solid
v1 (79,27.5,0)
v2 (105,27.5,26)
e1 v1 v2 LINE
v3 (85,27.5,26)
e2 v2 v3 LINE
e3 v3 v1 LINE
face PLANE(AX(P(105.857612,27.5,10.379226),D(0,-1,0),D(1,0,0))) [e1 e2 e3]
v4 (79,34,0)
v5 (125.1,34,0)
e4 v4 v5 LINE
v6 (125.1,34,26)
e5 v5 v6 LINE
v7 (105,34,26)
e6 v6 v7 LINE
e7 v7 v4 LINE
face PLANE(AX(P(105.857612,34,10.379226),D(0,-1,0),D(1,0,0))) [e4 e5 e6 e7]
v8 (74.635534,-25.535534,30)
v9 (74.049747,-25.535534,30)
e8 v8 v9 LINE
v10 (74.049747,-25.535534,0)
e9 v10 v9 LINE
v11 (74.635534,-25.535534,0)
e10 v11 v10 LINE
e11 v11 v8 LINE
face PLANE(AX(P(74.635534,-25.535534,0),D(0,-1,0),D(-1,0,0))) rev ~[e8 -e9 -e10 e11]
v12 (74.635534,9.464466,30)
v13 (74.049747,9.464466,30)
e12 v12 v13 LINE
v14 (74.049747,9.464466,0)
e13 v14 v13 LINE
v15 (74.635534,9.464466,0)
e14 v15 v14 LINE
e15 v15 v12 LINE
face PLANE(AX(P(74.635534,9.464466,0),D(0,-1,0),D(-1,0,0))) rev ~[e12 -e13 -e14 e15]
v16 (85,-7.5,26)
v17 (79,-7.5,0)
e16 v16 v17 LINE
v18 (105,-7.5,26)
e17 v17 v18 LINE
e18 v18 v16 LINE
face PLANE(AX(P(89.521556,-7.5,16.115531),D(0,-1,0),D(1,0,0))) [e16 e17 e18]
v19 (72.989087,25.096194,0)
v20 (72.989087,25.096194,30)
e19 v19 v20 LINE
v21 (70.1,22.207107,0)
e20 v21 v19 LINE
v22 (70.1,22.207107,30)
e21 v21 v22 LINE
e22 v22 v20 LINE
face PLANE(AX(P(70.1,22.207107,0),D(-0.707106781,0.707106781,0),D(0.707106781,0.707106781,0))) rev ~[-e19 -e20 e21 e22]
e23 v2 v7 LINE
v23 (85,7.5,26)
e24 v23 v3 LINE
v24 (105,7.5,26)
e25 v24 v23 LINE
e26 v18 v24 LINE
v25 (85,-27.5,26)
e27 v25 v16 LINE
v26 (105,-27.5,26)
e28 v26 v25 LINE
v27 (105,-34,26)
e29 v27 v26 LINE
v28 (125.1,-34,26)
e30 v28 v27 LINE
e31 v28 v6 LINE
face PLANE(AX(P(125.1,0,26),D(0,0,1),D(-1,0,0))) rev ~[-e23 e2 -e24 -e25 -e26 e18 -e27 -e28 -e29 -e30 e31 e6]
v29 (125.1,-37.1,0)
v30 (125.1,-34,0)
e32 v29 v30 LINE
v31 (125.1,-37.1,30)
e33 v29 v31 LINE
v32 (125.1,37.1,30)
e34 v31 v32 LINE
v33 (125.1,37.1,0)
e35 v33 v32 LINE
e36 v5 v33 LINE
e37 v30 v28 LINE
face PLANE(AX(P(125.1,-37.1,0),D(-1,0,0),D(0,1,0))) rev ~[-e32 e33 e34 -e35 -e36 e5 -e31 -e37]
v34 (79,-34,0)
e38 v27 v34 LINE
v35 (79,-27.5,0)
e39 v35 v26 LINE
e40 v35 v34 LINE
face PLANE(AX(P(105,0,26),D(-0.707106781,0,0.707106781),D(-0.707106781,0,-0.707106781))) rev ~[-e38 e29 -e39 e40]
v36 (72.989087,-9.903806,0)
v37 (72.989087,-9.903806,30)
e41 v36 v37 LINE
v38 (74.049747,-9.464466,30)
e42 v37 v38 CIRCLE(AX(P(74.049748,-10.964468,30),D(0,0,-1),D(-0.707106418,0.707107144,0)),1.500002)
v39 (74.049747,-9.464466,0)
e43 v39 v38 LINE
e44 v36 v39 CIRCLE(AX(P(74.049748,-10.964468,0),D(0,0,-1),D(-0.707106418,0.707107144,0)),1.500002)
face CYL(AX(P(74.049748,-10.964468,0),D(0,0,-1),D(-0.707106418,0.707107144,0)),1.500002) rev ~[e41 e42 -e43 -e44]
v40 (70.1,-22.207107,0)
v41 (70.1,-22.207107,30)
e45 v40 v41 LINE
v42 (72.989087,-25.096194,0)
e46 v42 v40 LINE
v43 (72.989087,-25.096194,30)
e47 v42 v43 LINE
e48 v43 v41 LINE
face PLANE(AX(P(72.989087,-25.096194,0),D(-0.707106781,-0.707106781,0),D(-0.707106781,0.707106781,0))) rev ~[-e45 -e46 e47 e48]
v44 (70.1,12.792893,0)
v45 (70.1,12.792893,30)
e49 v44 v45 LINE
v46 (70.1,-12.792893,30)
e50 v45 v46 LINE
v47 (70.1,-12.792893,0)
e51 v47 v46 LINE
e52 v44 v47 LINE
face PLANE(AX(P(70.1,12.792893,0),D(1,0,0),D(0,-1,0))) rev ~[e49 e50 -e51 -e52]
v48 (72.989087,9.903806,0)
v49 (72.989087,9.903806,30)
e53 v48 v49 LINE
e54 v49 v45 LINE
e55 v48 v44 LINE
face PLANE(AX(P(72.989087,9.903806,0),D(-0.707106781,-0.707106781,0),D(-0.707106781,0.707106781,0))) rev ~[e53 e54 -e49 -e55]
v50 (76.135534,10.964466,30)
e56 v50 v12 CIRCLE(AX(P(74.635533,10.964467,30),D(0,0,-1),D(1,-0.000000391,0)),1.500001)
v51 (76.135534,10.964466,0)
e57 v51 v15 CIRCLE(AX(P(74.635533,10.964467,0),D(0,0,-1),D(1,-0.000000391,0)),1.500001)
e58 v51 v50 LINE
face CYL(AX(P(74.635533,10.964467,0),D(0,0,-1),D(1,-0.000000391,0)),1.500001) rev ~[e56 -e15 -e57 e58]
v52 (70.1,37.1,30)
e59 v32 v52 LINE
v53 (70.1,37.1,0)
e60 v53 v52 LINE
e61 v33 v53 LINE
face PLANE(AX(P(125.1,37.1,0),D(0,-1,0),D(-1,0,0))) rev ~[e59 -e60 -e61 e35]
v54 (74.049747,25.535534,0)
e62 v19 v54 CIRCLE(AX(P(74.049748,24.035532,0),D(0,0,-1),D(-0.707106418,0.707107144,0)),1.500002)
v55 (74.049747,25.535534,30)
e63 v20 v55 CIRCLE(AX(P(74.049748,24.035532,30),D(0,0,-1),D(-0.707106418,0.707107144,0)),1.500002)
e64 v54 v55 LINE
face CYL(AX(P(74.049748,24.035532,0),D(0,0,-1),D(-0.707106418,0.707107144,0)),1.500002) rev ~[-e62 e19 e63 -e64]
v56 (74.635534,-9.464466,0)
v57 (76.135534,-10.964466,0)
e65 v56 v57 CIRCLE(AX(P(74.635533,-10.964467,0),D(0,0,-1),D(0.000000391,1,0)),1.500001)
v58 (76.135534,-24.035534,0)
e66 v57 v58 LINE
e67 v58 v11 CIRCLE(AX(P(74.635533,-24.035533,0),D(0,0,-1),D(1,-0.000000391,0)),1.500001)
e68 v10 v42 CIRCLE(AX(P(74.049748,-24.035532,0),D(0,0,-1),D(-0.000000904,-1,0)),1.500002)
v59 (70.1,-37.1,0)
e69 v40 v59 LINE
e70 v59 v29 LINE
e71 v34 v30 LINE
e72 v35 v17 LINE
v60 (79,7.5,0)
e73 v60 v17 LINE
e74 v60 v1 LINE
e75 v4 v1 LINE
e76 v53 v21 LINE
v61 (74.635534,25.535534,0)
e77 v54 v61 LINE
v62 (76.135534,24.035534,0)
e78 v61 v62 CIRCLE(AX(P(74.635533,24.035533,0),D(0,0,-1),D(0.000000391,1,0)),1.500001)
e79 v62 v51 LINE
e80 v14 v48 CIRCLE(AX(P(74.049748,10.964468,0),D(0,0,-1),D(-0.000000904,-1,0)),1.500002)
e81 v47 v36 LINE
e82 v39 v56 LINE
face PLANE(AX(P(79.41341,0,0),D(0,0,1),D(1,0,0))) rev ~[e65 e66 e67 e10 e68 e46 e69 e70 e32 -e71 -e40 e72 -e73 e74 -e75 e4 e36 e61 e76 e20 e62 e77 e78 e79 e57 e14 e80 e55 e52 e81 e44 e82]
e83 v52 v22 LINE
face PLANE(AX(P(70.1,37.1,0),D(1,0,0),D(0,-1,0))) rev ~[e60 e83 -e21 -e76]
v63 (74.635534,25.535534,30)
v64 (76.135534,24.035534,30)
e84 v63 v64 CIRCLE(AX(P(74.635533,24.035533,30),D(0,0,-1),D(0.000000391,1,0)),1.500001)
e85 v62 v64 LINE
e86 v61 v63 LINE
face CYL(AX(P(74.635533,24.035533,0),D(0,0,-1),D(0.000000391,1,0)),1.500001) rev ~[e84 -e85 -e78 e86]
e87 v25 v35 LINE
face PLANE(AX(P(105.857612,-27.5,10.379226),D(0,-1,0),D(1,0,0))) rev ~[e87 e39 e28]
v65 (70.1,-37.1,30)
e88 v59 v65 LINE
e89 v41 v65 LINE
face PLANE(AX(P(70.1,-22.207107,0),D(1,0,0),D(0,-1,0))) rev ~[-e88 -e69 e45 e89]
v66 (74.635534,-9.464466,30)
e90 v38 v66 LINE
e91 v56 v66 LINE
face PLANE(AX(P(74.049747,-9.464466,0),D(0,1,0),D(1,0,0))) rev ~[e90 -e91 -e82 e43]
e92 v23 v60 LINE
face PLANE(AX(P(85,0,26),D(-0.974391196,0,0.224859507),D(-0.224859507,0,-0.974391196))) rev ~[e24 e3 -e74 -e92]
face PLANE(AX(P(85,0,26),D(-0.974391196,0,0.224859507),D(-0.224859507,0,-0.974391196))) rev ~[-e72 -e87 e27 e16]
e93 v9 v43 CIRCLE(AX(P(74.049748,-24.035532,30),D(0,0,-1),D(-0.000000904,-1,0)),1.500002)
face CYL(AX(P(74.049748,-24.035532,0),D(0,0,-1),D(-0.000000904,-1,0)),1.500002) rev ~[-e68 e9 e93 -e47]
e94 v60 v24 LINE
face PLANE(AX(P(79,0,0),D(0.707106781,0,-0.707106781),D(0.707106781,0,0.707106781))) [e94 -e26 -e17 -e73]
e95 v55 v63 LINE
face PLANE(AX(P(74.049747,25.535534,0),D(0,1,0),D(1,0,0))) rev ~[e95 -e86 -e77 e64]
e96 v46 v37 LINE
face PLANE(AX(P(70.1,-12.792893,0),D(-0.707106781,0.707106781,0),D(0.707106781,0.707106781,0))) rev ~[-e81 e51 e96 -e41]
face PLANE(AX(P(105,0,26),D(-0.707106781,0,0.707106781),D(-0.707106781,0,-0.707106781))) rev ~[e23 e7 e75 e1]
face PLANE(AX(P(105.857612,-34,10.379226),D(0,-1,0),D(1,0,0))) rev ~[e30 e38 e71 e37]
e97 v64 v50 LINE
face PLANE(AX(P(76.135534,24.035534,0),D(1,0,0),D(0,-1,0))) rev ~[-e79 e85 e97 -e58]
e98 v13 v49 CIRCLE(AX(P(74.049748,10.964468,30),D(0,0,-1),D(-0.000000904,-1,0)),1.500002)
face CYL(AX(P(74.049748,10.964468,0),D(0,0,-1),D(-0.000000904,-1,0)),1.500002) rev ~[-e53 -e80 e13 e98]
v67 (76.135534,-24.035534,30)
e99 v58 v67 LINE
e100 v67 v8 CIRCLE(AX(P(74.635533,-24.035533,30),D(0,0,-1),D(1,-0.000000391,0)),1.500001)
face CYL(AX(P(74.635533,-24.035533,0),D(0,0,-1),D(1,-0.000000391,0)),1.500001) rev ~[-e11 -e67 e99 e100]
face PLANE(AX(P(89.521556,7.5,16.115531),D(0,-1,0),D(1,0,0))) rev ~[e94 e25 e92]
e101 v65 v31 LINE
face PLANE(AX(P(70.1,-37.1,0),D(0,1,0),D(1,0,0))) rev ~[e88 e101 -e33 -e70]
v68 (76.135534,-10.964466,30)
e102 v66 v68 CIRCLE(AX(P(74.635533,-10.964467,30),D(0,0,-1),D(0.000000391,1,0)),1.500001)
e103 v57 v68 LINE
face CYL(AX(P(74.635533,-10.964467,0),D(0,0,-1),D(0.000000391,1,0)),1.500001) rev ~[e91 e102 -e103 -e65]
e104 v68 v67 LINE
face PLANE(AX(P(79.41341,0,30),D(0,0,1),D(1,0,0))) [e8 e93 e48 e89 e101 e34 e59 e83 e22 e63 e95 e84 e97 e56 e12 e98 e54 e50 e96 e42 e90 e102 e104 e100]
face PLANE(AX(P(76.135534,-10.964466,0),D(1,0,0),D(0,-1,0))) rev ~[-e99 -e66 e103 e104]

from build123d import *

# Parameters (mm, degrees)
F0_W     = 2.1
F0_H     = 2.1
F1_DEPTH = 30
F4_DEPTH = 34
F5_DEPTH = 27.5
F6_DEPTH = 7.5


with BuildPart() as f1:
    # F0 (on Top) → F1 (new body)
    with BuildSketch(Plane.XY):
        with BuildLine():
            Line((86, -35), (90, -35))
            Line((90, -35), (90, -23))
            Line((90, -23), (90, 23))
            Line((90, 23), (90, 35))
            Line((90, 35), (86, 35))
            Line((86, 35), (80, 35))
            Line((80, 35), (70.1, 35))
            Line((70.1, 35), (70.1, 22.207107))
            Line((70.1, 22.207107), (72.989087, 25.096194))
            ThreePointArc((72.989087, 25.096194), (73.475722, 25.421353), (74.049747, 25.535534))
            Line((74.049747, 25.535534), (74.635534, 25.535534))
            ThreePointArc((74.635534, 25.535534), (75.696194, 25.096194), (76.135534, 24.035534))
            Line((76.135534, 24.035534), (76.135534, 10.964466))
            ThreePointArc((76.135534, 10.964466), (75.696194, 9.903806), (74.635534, 9.464466))
            Line((74.635534, 9.464466), (74.049747, 9.464466))
            ThreePointArc((74.049747, 9.464466), (73.475722, 9.578647), (72.989087, 9.903806))
            Line((72.989087, 9.903806), (70.1, 12.792893))
            Line((70.1, 12.792893), (70.1, -12.792893))
            Line((70.1, -12.792893), (72.989087, -9.903806))
            ThreePointArc((72.989087, -9.903806), (73.475722, -9.578647), (74.049747, -9.464466))
            Line((74.049747, -9.464466), (74.635534, -9.464466))
            ThreePointArc((74.635534, -9.464466), (75.696194, -9.903806), (76.135534, -10.964466))
            Line((76.135534, -10.964466), (76.135534, -24.035534))
            ThreePointArc((76.135534, -24.035534), (75.696194, -25.096194), (74.635534, -25.535534))
            Line((74.635534, -25.535534), (74.049747, -25.535534))
            ThreePointArc((74.049747, -25.535534), (73.475722, -25.421353), (72.989087, -25.096194))
            Line((72.989087, -25.096194), (70.1, -22.207107))
            Line((70.1, -22.207107), (70.1, -35))
            Line((70.1, -35), (80, -35))
            Line((80, -35), (86, -35))
        make_face()
        Polygon((86, 35), (90, 35), (90, 37.1), (70.1, 37.1), (70.1, 35), (80, 35), align=None)
        Polygon((90, -23), (90, -35), (92.1, -35), (92.1, 35), (90, 35), (90, 23), align=None)
        with Locations((91.05, 36.05)):
            Rectangle(F0_W, F0_H)
        Polygon((92.1, 35), (92.1, -35), (92.1, -37.1), (125.1, -37.1), (125.1, 37.1), (92.1, 37.1), align=None)
        Polygon((90, -37.1), (90, -35), (86, -35), (80, -35), (70.1, -35), (70.1, -37.1), align=None)
        with Locations((91.05, -36.05)):
            Rectangle(F0_W, F0_H)
    extrude(amount=F1_DEPTH)

    # F3 (on Front) → F4 (cut, symmetric)
    with BuildSketch(Plane.XZ):
        Polygon((105, 26), (79, 0), (125.1, 0), (125.1, 26), align=None)
    extrude(amount=F4_DEPTH, both=True, mode=Mode.SUBTRACT)

    # F3 (on Front) → F5 (cut, symmetric)
    with BuildSketch(Plane.XZ):
        Polygon((105, 26), (79, 0), (125.1, 0), (125.1, 26), align=None)
        Polygon((85, 26), (79, 0), (105, 26), align=None)
    extrude(amount=F5_DEPTH, both=True, mode=Mode.SUBTRACT)

    # F3 (on Front) → F6 (join, symmetric)
    with BuildSketch(Plane.XZ):
        Polygon((85, 26), (79, 0), (105, 26), align=None)
    extrude(amount=F6_DEPTH, both=True)


solid = f1.part
